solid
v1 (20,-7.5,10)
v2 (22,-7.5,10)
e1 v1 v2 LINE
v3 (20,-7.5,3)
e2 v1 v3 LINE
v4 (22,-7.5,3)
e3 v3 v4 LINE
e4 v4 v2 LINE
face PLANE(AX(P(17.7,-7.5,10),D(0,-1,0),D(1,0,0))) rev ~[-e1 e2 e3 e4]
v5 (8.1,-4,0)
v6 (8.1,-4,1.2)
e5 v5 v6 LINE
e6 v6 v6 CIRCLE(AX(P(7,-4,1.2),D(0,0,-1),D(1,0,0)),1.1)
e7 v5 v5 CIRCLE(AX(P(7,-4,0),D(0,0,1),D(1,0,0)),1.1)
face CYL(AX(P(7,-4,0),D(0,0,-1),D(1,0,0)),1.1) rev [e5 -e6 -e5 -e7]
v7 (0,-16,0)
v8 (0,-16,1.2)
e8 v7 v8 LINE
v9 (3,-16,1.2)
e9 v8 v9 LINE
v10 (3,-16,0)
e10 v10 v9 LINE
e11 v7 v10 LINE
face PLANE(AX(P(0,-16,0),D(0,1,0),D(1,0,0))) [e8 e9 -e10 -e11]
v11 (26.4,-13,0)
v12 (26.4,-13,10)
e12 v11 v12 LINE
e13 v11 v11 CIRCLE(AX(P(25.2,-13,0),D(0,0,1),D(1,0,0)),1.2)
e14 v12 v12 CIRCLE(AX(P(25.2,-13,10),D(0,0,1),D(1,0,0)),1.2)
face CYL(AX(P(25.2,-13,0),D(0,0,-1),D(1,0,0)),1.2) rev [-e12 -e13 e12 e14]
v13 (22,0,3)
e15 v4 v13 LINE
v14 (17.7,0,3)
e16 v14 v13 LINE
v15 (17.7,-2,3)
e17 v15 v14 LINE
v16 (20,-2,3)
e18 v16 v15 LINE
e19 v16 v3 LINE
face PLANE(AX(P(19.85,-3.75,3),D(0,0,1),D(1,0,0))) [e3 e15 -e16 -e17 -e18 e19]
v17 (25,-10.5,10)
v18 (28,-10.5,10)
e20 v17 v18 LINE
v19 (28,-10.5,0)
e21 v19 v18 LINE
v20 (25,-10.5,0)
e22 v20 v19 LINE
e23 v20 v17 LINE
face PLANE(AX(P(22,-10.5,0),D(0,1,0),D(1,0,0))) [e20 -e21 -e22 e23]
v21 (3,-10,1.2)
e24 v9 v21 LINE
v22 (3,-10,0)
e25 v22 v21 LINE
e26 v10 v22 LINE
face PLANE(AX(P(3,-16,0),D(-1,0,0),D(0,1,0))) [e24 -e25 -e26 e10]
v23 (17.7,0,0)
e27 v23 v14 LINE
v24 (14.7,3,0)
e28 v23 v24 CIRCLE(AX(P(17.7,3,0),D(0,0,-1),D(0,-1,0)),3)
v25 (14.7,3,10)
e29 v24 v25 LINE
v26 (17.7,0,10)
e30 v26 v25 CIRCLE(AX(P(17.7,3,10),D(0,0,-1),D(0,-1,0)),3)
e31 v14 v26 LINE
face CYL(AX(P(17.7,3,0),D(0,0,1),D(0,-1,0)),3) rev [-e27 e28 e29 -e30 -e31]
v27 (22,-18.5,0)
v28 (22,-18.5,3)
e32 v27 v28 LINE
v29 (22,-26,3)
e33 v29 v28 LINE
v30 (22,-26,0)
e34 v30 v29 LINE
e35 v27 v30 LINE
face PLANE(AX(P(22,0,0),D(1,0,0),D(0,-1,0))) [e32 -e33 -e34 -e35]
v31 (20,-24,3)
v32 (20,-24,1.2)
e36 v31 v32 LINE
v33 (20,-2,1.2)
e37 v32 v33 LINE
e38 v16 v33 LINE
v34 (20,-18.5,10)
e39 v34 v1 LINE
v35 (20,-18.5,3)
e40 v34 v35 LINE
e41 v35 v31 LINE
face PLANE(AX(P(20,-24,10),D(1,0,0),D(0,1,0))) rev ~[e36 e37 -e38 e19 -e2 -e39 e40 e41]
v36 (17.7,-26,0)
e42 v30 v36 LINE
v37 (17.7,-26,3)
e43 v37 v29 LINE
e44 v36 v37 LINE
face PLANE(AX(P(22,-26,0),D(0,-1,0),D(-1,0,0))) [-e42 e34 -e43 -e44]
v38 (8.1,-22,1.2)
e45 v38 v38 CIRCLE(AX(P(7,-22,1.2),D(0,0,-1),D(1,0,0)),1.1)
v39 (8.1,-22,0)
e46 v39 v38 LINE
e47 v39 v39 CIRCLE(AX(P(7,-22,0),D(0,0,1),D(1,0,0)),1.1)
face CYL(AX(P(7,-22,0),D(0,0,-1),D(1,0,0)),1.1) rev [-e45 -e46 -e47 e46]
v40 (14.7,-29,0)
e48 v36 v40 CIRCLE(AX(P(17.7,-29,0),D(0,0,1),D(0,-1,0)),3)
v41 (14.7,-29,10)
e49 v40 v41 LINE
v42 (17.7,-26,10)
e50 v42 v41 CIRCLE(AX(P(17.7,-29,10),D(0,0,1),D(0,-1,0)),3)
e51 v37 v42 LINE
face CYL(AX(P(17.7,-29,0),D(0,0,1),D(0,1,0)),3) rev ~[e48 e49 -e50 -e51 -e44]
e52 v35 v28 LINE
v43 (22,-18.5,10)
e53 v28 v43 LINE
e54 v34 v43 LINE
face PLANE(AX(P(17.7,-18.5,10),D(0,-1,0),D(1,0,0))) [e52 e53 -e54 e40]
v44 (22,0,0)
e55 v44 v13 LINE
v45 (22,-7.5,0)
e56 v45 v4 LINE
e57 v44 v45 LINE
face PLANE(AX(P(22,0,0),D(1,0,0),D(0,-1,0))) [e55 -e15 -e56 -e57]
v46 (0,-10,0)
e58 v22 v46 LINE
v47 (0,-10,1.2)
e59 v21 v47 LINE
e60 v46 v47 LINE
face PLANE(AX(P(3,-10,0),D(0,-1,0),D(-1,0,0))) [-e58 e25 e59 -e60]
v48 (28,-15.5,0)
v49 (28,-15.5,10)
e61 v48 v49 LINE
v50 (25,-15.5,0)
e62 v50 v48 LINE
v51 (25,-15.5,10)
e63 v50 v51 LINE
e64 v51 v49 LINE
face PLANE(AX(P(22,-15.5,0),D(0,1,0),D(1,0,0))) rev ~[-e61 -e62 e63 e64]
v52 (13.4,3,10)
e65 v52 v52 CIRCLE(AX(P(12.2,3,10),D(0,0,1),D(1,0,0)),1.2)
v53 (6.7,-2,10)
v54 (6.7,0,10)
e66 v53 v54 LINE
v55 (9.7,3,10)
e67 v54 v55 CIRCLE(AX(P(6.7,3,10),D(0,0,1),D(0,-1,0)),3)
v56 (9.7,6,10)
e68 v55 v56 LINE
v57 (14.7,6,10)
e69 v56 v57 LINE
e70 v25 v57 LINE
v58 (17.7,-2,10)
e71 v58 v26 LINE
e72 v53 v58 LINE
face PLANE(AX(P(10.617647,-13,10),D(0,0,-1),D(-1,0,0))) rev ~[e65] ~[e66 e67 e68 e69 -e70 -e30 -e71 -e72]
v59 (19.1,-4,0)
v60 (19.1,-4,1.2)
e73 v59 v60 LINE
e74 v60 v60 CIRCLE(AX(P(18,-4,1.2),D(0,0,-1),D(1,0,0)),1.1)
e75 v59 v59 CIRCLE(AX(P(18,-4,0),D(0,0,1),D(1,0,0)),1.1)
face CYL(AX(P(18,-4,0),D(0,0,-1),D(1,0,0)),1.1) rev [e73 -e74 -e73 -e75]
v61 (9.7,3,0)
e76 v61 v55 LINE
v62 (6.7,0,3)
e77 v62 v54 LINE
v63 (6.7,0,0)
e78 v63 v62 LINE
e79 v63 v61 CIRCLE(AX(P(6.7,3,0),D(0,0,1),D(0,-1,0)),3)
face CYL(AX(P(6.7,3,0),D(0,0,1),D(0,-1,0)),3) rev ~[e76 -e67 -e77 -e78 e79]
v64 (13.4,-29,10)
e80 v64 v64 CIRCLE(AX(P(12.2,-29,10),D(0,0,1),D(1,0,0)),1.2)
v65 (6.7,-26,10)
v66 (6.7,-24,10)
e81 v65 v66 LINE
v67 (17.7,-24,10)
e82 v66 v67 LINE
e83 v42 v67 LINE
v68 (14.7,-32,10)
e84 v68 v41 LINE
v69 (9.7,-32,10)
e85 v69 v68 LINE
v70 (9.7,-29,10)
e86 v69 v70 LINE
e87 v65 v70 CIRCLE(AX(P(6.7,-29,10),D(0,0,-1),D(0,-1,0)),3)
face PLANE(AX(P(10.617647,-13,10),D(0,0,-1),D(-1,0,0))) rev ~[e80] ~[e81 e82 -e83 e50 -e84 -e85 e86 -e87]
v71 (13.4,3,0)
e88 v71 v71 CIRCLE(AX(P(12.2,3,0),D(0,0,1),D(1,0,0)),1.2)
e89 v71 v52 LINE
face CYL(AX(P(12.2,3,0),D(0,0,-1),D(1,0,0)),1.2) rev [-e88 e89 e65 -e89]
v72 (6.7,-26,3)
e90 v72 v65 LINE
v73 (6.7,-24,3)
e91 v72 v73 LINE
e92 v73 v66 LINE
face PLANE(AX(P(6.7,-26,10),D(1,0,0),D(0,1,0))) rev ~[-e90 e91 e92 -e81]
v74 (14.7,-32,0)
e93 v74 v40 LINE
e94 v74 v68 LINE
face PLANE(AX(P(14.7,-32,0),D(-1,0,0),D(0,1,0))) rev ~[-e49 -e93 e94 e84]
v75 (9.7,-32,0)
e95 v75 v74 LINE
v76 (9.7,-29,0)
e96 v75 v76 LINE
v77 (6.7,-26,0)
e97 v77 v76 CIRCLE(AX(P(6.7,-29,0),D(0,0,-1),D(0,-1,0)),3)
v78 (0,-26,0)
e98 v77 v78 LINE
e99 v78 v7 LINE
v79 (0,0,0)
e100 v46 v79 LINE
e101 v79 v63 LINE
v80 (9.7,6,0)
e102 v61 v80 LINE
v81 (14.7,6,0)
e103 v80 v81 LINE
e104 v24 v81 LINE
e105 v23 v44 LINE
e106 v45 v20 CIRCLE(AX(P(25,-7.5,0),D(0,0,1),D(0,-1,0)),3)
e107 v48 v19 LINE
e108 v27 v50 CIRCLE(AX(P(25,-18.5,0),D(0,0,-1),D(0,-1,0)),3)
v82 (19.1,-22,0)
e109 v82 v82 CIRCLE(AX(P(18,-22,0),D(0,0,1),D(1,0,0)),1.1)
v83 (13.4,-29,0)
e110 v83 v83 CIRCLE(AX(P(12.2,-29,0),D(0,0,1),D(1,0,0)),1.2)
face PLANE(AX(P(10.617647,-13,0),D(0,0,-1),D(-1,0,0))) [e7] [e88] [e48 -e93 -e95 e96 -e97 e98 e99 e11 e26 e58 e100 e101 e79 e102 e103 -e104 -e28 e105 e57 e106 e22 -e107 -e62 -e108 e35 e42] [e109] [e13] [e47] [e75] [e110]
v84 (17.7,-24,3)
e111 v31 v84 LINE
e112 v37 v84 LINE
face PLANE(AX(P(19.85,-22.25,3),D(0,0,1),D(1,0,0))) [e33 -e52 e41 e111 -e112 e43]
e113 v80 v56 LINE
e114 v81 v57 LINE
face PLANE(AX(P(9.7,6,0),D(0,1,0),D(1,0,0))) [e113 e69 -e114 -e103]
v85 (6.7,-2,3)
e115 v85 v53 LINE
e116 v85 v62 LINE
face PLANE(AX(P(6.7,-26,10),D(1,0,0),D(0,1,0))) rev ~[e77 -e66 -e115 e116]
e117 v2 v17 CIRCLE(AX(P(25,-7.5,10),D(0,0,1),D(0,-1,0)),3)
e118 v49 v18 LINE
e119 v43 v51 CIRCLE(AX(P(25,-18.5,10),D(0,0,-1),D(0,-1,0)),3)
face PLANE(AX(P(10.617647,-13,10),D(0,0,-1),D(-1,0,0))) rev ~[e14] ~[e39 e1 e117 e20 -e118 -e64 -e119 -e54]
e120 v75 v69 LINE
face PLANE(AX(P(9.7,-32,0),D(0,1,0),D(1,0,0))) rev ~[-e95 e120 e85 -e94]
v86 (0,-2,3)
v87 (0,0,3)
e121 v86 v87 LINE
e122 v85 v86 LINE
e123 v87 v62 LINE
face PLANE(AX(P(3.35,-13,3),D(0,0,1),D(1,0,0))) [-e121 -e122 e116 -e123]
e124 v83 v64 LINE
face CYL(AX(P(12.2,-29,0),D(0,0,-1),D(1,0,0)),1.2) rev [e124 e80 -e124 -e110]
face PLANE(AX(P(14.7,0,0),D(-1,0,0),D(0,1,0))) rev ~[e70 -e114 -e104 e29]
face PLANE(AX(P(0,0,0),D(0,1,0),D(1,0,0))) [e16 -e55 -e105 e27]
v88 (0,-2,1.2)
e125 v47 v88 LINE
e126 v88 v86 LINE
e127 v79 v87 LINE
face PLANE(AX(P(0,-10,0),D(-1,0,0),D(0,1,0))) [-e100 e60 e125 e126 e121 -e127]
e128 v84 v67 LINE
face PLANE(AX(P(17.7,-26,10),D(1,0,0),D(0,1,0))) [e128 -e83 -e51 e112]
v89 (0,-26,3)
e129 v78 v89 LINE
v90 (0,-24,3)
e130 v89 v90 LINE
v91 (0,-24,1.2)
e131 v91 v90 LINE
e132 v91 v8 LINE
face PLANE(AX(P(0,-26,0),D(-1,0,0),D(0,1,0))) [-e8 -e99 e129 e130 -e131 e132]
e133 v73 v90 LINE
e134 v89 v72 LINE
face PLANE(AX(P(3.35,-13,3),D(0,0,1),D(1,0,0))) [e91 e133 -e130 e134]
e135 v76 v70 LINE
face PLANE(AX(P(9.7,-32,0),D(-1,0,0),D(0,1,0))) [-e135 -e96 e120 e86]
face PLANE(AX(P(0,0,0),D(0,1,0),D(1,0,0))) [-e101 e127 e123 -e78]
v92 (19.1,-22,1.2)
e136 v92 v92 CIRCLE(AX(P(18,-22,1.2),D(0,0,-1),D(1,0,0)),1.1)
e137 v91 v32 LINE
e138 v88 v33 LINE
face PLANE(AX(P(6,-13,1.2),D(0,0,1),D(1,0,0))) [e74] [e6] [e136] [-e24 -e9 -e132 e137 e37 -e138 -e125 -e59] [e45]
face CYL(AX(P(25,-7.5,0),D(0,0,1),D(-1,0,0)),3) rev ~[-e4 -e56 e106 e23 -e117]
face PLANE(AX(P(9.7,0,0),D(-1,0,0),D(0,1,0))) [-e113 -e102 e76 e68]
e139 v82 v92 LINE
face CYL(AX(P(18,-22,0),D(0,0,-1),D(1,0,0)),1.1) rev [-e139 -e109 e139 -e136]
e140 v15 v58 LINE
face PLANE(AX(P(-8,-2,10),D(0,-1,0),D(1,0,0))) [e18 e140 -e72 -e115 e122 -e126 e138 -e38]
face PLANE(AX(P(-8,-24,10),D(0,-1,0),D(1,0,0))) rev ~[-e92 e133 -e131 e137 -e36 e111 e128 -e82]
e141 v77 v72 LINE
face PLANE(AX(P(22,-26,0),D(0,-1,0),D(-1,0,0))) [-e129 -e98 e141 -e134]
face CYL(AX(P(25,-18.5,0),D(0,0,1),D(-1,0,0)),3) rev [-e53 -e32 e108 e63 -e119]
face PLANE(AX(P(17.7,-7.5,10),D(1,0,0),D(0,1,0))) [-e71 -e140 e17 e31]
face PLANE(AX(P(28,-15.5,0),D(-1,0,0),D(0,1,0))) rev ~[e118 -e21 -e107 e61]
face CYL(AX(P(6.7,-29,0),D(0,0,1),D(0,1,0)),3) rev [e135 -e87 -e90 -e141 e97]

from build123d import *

# Parameters (mm, degrees)
SKETCH1_R           = 1.1
SKETCH1_W           = 5
SKETCH1_H           = 6
SKETCH1_R_2         = 1.2
SKETCH1_W_2         = 6
SKETCH1_H_2         = 5
BOSS_EXTRUDE1_DEPTH = 10
FILLET1_R           = 3
SKETCH2_W           = 28
SKETCH2_H           = 22
CUT_EXTRUDE1_DEPTH  = 8.8
SKETCH3_W           = 6.7
SKETCH3_H           = 26
SKETCH3_W_2         = 4.3
SKETCH3_H_2         = 7.5
CUT_EXTRUDE2_DEPTH  = 7


with BuildPart() as part:
    # Sketch1 → Boss-Extrude1 (new body)
    # profile 1 of 4: a face of its own
    with BuildSketch(Plane.XY):
        Polygon((0, 0), (22, 0), (22, -26), (0, -26), (0, -16), (3, -16), (3, -10), (0, -10), align=None)
        with Locations((18, -4)):
            Circle(SKETCH1_R, mode=Mode.SUBTRACT)
        with Locations((7, -4)):
            Circle(SKETCH1_R, mode=Mode.SUBTRACT)
        with Locations((7, -22)):
            Circle(SKETCH1_R, mode=Mode.SUBTRACT)
        with Locations((18, -22)):
            Circle(SKETCH1_R, mode=Mode.SUBTRACT)
    # profile 2 of 4: a face of its own
    with BuildSketch(Plane.XY):
        with Locations((12.2, 3)):
            Rectangle(SKETCH1_W, SKETCH1_H)
        with Locations((12.2, 3)):
            Circle(SKETCH1_R_2, mode=Mode.SUBTRACT)
    # profile 3 of 4: a face of its own
    with BuildSketch(Plane.XY):
        with Locations((25, -13)):
            Rectangle(SKETCH1_W_2, SKETCH1_H_2)
        with Locations((25.2, -13)):
            Circle(SKETCH1_R_2, mode=Mode.SUBTRACT)
    # profile 4 of 4: a face of its own
    with BuildSketch(Plane.XY):
        with Locations((12.2, -29)):
            Rectangle(SKETCH1_W, SKETCH1_H)
        with Locations((12.2, -29)):
            Circle(SKETCH1_R_2, mode=Mode.SUBTRACT)
    extrude(amount=BOSS_EXTRUDE1_DEPTH)

    # Fillet1
    fillet1_edges = [part.edges().sort_by_distance(p)[0] for p in [
        (9.7, 0, 5),
        (14.7, 0, 5),
        (22, -10.5, 5),
        (22, -15.5, 5),
        (14.7, -26, 5),
        (9.7, -26, 5),
    ]]
    fillet(fillet1_edges, radius=FILLET1_R)

    # Sketch2 → Cut-Extrude1 (cut)
    with BuildSketch(Plane.XY.offset(10)):
        with Locations((6, -13)):
            Rectangle(SKETCH2_W, SKETCH2_H)
    extrude(amount=-CUT_EXTRUDE1_DEPTH, mode=Mode.SUBTRACT)

    # Sketch3 → Cut-Extrude2 (cut)
    with BuildSketch(Plane.XY.offset(10)):
        with Locations((3.35, -13)):
            Rectangle(SKETCH3_W, SKETCH3_H)
        with Locations((19.85, -3.75)):
            Rectangle(SKETCH3_W_2, SKETCH3_H_2)
        with Locations((19.85, -22.25)):
            Rectangle(SKETCH3_W_2, SKETCH3_H_2)
    extrude(amount=-CUT_EXTRUDE2_DEPTH, mode=Mode.SUBTRACT)


solid = part.part
